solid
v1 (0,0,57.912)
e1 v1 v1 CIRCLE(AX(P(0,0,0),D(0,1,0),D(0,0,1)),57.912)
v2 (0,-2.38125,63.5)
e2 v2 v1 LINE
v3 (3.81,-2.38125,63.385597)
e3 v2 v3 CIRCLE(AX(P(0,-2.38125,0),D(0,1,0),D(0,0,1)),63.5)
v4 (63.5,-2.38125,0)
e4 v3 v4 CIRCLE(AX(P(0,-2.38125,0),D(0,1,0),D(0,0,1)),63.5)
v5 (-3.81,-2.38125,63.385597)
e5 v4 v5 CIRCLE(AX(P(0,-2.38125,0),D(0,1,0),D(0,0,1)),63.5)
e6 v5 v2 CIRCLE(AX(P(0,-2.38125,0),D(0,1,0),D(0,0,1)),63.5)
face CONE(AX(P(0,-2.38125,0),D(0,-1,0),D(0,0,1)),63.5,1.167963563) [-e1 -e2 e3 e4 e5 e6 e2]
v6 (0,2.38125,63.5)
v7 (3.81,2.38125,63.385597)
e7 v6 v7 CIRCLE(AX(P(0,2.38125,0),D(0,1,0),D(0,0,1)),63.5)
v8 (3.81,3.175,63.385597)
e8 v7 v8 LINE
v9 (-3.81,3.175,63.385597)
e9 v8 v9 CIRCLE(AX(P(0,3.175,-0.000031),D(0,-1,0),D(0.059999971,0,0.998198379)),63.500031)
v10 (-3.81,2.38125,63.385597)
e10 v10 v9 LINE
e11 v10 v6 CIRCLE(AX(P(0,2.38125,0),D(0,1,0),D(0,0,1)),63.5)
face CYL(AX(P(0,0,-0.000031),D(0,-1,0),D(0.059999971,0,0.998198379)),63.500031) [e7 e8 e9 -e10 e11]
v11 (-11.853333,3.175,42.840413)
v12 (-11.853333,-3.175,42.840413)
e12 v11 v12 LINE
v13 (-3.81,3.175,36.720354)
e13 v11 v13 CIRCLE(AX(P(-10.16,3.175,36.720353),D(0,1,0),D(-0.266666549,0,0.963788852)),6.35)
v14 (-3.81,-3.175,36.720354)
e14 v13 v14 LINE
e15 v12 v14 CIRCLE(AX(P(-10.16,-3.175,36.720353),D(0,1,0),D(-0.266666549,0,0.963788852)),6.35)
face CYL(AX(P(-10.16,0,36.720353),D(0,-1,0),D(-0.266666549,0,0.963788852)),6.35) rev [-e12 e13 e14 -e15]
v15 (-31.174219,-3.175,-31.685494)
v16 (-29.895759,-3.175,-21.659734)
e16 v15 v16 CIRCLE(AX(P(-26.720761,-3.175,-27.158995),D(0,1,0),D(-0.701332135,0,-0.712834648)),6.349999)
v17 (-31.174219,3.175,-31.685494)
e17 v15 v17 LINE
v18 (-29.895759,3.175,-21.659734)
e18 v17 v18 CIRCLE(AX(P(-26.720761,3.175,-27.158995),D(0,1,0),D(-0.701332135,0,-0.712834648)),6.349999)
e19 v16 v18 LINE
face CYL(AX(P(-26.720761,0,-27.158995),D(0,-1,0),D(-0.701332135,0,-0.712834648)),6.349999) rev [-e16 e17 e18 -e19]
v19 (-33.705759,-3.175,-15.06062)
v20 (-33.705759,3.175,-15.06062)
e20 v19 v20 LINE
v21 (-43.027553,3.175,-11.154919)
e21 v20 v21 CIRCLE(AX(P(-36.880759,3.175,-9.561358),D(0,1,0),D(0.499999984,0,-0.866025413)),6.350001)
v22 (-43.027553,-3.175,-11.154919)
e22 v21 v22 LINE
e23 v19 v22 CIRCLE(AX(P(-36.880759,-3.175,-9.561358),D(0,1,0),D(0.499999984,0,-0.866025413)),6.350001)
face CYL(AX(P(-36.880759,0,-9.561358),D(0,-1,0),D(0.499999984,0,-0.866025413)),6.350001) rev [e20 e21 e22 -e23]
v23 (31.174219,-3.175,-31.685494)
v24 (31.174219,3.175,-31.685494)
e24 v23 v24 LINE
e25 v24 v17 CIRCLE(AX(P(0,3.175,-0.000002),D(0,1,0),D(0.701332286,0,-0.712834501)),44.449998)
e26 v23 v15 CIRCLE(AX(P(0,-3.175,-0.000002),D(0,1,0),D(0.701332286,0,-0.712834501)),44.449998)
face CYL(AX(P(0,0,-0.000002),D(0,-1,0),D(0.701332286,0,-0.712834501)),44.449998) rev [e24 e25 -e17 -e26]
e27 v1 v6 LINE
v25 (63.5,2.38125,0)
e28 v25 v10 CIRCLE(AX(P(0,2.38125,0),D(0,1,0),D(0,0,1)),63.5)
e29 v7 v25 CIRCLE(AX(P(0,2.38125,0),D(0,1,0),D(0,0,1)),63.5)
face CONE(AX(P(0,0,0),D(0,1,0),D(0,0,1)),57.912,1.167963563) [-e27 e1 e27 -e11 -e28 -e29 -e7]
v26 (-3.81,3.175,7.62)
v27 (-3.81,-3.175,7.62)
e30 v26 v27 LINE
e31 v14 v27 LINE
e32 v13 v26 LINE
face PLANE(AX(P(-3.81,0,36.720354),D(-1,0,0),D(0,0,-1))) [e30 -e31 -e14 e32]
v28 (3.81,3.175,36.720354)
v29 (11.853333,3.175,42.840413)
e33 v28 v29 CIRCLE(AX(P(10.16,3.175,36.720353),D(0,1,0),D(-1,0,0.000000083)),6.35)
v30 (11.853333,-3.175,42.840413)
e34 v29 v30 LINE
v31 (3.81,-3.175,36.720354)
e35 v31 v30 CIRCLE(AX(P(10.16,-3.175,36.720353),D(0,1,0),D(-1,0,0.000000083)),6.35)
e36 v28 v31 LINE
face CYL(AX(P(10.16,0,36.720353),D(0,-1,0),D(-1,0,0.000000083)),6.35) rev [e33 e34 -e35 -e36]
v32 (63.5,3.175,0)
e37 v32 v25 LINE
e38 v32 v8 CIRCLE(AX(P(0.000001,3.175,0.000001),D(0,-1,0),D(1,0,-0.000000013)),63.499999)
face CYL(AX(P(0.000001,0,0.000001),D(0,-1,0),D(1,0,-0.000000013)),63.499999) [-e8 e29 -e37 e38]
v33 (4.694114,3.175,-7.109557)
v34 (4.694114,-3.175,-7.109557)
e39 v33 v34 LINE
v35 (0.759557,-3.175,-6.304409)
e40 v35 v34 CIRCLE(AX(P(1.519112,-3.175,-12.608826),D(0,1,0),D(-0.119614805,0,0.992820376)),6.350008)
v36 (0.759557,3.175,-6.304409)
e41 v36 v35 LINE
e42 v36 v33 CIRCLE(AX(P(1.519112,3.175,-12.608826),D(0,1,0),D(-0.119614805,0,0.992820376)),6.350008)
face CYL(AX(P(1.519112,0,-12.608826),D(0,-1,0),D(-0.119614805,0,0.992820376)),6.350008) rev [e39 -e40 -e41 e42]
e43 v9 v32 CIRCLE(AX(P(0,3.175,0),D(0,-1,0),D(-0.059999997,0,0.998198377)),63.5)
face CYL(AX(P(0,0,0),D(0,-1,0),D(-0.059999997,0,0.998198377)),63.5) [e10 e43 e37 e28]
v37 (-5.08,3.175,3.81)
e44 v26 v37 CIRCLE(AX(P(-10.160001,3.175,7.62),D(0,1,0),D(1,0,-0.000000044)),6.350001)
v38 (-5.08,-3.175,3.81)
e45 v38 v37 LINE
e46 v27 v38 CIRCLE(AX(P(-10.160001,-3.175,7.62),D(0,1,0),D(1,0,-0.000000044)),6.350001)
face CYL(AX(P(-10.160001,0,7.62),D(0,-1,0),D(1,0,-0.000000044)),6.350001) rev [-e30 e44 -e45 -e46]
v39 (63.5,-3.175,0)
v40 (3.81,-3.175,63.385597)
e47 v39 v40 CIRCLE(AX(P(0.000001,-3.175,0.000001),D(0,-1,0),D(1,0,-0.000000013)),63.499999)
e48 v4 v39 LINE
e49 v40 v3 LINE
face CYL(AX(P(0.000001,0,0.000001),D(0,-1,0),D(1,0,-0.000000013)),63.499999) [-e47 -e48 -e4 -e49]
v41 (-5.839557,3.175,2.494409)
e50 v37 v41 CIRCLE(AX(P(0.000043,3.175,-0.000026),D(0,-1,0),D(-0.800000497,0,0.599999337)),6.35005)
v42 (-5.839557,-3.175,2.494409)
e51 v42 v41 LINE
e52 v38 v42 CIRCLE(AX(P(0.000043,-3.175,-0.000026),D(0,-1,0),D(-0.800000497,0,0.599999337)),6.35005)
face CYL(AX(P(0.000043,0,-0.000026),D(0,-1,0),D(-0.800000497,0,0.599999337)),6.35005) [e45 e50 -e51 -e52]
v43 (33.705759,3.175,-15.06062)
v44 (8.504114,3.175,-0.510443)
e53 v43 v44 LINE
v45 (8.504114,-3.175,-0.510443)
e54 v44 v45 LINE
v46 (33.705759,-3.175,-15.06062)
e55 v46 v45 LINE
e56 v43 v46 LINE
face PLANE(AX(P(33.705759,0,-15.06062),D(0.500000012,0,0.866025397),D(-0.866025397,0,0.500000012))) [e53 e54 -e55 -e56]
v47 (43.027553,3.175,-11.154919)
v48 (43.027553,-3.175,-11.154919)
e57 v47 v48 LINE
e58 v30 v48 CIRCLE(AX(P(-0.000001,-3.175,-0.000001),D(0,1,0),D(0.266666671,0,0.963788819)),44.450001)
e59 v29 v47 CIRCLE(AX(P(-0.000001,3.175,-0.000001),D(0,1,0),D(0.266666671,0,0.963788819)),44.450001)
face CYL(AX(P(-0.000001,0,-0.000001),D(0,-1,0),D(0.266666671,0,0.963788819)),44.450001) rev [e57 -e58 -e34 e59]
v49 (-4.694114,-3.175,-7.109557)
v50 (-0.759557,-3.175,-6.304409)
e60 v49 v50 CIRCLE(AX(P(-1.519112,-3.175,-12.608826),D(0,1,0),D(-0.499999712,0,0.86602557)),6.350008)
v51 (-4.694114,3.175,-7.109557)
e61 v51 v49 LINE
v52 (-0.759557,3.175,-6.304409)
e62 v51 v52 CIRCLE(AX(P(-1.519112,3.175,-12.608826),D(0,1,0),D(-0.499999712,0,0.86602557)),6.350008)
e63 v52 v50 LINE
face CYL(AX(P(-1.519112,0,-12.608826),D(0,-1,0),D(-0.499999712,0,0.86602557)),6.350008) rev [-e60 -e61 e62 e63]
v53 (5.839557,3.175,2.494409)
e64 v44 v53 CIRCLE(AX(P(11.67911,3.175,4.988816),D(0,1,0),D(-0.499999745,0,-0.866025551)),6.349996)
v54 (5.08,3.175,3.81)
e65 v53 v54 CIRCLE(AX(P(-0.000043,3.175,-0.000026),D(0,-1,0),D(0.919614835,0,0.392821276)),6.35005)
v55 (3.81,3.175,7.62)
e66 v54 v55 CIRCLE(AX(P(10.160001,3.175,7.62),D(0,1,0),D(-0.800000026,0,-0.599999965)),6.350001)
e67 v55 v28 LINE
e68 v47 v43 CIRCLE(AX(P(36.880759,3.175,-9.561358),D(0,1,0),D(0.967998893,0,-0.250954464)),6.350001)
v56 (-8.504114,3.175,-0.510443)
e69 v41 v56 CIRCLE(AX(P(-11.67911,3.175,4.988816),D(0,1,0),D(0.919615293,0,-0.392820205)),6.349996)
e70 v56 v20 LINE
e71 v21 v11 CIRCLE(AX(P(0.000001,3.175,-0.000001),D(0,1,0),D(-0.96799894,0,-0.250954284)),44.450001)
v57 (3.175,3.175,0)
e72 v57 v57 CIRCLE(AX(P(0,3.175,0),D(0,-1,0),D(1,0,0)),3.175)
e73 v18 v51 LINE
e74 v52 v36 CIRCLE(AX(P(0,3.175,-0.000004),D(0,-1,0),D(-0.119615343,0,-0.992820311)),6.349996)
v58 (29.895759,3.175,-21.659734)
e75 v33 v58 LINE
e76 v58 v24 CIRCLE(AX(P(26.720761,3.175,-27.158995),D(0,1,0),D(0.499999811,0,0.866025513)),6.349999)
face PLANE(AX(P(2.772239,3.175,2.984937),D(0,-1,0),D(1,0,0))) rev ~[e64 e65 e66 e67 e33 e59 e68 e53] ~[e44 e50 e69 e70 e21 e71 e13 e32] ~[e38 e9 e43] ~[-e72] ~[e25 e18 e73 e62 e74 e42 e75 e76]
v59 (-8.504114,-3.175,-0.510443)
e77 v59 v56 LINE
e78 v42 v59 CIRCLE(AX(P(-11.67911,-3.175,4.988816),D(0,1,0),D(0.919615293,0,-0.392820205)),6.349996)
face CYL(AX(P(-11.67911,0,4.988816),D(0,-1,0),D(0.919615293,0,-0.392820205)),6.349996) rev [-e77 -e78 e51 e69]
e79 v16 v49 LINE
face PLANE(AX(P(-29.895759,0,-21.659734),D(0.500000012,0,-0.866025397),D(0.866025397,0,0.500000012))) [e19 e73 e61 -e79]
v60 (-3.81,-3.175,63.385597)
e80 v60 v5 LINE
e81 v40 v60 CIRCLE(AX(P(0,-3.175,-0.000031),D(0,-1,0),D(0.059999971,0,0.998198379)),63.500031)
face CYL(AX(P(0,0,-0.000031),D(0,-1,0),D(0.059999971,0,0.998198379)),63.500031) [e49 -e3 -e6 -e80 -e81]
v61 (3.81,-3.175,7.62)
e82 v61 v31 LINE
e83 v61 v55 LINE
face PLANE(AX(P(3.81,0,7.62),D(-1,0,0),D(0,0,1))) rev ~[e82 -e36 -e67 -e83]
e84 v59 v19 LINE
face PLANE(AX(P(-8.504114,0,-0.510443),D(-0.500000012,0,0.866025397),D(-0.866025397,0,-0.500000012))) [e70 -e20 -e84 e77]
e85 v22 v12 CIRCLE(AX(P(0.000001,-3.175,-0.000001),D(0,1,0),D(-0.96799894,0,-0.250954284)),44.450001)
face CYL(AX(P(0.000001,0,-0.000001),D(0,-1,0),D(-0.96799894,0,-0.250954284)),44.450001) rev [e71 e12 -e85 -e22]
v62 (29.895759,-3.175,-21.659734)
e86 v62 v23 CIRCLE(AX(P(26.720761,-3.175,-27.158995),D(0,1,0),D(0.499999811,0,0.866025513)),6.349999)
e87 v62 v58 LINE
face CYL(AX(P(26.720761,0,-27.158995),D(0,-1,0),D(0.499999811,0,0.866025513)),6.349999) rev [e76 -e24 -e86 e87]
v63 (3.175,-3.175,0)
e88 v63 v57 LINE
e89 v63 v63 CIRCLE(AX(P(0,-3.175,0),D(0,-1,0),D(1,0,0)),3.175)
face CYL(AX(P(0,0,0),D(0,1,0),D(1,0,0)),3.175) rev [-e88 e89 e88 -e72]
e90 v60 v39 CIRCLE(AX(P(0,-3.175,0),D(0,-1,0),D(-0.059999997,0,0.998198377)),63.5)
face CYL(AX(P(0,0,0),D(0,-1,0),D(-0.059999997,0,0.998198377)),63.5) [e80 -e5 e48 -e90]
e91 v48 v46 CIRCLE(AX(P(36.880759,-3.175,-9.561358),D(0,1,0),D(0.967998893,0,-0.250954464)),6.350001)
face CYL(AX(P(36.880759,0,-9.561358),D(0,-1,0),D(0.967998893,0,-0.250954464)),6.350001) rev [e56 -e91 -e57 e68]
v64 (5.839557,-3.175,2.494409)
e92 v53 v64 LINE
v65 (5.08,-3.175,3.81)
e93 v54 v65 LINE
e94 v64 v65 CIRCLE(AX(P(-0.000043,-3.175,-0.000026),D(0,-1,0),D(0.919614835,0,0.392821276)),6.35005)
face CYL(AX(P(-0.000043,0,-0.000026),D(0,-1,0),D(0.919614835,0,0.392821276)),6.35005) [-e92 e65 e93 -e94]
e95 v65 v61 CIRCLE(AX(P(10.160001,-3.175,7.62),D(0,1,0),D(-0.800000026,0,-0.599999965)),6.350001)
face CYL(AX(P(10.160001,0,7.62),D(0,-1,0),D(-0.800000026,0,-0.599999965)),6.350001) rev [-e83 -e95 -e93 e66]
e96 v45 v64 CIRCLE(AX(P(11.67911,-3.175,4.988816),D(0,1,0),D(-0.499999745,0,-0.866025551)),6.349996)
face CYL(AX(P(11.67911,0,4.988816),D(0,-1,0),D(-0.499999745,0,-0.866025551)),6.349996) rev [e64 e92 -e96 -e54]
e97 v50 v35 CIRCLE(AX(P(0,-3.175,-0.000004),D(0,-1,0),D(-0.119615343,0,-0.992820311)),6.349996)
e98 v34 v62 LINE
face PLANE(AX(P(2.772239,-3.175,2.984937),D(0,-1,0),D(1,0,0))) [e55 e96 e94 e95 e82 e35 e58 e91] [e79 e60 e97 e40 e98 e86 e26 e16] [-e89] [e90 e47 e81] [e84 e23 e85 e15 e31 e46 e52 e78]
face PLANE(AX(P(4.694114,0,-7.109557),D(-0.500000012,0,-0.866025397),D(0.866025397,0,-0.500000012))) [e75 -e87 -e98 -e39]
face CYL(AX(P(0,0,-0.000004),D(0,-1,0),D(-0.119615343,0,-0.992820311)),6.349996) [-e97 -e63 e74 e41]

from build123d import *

# Parameters (mm, degrees)
F0_R     = 3.175
F1_DEPTH = 3.175


with BuildPart() as f1:
    # F0 (on Front) → F1 (new body, symmetric)
    with BuildSketch(Plane.XZ):
        with BuildLine():
            ThreePointArc((-3.81, 63.385597), (-43.533407, -46.228698), (63.5, 0))
            ThreePointArc((63.5, 0), (46.228698, 43.533407), (3.81, 63.385597))
            ThreePointArc((3.81, 63.385597), (0, 63.5), (-3.81, 63.385597))
        make_face()
        with BuildLine():
            ThreePointArc((-4.694114, -7.109557), (-2.792164, -6.387738), (-0.759557, -6.304409))
            ThreePointArc((-0.759557, -6.304409), (0, -6.35), (0.759557, -6.304409))
            ThreePointArc((0.759557, -6.304409), (2.792164, -6.387738), (4.694114, -7.109557))
            Line((4.694114, -7.109557), (29.895759, -21.659734))
            ThreePointArc((29.895759, -21.659734), (33.019753, -26.355763), (31.174219, -31.685494))
            ThreePointArc((31.174219, -31.685494), (0, -44.45), (-31.174219, -31.685494))
            ThreePointArc((-31.174219, -31.685494), (-33.019753, -26.355763), (-29.895759, -21.659734))
            Line((-29.895759, -21.659734), (-4.694114, -7.109557))
        make_face(mode=Mode.SUBTRACT)
        with BuildLine():
            ThreePointArc((-43.027553, -11.154919), (-38.494829, 22.225), (-11.853333, 42.840413))
            ThreePointArc((-11.853333, 42.840413), (-6.314884, 41.773826), (-3.81, 36.720354))
            Line((-3.81, 36.720354), (-3.81, 7.62))
            ThreePointArc((-3.81, 7.62), (-4.135861, 5.611954), (-5.08, 3.81))
            ThreePointArc((-5.08, 3.81), (-5.499261, 3.175), (-5.839557, 2.494409))
            ThreePointArc((-5.839557, 2.494409), (-6.928025, 0.775784), (-8.504114, -0.510443))
            Line((-8.504114, -0.510443), (-33.705759, -15.06062))
            ThreePointArc((-33.705759, -15.06062), (-39.334637, -15.418063), (-43.027553, -11.154919))
        make_face(mode=Mode.SUBTRACT)
        Circle(F0_R, mode=Mode.SUBTRACT)
        with BuildLine():
            Line((3.81, 7.62), (3.81, 36.720354))
            ThreePointArc((3.81, 36.720354), (6.314884, 41.773826), (11.853333, 42.840413))
            ThreePointArc((11.853333, 42.840413), (38.494829, 22.225), (43.027553, -11.154919))
            ThreePointArc((43.027553, -11.154919), (39.334637, -15.418063), (33.705759, -15.06062))
            Line((33.705759, -15.06062), (8.504114, -0.510443))
            ThreePointArc((8.504114, -0.510443), (6.928025, 0.775784), (5.839557, 2.494409))
            ThreePointArc((5.839557, 2.494409), (5.499261, 3.175), (5.08, 3.81))
            ThreePointArc((5.08, 3.81), (4.135861, 5.611954), (3.81, 7.62))
        make_face(mode=Mode.SUBTRACT)
    extrude(amount=F1_DEPTH, both=True)

    # F2 (on Right) → F3 (revolve, cut)
    with BuildSketch(Plane.YZ):
        Polygon((-2.38125, 63.5), (0, 57.912), (0, 63.5), align=None)
        Polygon((0, 63.5), (0, 57.912), (2.38125, 63.5), align=None)
    revolve(axis=Axis((0, 1.457195, 0), (0, 1, 0)), mode=Mode.SUBTRACT)


solid = f1.part
